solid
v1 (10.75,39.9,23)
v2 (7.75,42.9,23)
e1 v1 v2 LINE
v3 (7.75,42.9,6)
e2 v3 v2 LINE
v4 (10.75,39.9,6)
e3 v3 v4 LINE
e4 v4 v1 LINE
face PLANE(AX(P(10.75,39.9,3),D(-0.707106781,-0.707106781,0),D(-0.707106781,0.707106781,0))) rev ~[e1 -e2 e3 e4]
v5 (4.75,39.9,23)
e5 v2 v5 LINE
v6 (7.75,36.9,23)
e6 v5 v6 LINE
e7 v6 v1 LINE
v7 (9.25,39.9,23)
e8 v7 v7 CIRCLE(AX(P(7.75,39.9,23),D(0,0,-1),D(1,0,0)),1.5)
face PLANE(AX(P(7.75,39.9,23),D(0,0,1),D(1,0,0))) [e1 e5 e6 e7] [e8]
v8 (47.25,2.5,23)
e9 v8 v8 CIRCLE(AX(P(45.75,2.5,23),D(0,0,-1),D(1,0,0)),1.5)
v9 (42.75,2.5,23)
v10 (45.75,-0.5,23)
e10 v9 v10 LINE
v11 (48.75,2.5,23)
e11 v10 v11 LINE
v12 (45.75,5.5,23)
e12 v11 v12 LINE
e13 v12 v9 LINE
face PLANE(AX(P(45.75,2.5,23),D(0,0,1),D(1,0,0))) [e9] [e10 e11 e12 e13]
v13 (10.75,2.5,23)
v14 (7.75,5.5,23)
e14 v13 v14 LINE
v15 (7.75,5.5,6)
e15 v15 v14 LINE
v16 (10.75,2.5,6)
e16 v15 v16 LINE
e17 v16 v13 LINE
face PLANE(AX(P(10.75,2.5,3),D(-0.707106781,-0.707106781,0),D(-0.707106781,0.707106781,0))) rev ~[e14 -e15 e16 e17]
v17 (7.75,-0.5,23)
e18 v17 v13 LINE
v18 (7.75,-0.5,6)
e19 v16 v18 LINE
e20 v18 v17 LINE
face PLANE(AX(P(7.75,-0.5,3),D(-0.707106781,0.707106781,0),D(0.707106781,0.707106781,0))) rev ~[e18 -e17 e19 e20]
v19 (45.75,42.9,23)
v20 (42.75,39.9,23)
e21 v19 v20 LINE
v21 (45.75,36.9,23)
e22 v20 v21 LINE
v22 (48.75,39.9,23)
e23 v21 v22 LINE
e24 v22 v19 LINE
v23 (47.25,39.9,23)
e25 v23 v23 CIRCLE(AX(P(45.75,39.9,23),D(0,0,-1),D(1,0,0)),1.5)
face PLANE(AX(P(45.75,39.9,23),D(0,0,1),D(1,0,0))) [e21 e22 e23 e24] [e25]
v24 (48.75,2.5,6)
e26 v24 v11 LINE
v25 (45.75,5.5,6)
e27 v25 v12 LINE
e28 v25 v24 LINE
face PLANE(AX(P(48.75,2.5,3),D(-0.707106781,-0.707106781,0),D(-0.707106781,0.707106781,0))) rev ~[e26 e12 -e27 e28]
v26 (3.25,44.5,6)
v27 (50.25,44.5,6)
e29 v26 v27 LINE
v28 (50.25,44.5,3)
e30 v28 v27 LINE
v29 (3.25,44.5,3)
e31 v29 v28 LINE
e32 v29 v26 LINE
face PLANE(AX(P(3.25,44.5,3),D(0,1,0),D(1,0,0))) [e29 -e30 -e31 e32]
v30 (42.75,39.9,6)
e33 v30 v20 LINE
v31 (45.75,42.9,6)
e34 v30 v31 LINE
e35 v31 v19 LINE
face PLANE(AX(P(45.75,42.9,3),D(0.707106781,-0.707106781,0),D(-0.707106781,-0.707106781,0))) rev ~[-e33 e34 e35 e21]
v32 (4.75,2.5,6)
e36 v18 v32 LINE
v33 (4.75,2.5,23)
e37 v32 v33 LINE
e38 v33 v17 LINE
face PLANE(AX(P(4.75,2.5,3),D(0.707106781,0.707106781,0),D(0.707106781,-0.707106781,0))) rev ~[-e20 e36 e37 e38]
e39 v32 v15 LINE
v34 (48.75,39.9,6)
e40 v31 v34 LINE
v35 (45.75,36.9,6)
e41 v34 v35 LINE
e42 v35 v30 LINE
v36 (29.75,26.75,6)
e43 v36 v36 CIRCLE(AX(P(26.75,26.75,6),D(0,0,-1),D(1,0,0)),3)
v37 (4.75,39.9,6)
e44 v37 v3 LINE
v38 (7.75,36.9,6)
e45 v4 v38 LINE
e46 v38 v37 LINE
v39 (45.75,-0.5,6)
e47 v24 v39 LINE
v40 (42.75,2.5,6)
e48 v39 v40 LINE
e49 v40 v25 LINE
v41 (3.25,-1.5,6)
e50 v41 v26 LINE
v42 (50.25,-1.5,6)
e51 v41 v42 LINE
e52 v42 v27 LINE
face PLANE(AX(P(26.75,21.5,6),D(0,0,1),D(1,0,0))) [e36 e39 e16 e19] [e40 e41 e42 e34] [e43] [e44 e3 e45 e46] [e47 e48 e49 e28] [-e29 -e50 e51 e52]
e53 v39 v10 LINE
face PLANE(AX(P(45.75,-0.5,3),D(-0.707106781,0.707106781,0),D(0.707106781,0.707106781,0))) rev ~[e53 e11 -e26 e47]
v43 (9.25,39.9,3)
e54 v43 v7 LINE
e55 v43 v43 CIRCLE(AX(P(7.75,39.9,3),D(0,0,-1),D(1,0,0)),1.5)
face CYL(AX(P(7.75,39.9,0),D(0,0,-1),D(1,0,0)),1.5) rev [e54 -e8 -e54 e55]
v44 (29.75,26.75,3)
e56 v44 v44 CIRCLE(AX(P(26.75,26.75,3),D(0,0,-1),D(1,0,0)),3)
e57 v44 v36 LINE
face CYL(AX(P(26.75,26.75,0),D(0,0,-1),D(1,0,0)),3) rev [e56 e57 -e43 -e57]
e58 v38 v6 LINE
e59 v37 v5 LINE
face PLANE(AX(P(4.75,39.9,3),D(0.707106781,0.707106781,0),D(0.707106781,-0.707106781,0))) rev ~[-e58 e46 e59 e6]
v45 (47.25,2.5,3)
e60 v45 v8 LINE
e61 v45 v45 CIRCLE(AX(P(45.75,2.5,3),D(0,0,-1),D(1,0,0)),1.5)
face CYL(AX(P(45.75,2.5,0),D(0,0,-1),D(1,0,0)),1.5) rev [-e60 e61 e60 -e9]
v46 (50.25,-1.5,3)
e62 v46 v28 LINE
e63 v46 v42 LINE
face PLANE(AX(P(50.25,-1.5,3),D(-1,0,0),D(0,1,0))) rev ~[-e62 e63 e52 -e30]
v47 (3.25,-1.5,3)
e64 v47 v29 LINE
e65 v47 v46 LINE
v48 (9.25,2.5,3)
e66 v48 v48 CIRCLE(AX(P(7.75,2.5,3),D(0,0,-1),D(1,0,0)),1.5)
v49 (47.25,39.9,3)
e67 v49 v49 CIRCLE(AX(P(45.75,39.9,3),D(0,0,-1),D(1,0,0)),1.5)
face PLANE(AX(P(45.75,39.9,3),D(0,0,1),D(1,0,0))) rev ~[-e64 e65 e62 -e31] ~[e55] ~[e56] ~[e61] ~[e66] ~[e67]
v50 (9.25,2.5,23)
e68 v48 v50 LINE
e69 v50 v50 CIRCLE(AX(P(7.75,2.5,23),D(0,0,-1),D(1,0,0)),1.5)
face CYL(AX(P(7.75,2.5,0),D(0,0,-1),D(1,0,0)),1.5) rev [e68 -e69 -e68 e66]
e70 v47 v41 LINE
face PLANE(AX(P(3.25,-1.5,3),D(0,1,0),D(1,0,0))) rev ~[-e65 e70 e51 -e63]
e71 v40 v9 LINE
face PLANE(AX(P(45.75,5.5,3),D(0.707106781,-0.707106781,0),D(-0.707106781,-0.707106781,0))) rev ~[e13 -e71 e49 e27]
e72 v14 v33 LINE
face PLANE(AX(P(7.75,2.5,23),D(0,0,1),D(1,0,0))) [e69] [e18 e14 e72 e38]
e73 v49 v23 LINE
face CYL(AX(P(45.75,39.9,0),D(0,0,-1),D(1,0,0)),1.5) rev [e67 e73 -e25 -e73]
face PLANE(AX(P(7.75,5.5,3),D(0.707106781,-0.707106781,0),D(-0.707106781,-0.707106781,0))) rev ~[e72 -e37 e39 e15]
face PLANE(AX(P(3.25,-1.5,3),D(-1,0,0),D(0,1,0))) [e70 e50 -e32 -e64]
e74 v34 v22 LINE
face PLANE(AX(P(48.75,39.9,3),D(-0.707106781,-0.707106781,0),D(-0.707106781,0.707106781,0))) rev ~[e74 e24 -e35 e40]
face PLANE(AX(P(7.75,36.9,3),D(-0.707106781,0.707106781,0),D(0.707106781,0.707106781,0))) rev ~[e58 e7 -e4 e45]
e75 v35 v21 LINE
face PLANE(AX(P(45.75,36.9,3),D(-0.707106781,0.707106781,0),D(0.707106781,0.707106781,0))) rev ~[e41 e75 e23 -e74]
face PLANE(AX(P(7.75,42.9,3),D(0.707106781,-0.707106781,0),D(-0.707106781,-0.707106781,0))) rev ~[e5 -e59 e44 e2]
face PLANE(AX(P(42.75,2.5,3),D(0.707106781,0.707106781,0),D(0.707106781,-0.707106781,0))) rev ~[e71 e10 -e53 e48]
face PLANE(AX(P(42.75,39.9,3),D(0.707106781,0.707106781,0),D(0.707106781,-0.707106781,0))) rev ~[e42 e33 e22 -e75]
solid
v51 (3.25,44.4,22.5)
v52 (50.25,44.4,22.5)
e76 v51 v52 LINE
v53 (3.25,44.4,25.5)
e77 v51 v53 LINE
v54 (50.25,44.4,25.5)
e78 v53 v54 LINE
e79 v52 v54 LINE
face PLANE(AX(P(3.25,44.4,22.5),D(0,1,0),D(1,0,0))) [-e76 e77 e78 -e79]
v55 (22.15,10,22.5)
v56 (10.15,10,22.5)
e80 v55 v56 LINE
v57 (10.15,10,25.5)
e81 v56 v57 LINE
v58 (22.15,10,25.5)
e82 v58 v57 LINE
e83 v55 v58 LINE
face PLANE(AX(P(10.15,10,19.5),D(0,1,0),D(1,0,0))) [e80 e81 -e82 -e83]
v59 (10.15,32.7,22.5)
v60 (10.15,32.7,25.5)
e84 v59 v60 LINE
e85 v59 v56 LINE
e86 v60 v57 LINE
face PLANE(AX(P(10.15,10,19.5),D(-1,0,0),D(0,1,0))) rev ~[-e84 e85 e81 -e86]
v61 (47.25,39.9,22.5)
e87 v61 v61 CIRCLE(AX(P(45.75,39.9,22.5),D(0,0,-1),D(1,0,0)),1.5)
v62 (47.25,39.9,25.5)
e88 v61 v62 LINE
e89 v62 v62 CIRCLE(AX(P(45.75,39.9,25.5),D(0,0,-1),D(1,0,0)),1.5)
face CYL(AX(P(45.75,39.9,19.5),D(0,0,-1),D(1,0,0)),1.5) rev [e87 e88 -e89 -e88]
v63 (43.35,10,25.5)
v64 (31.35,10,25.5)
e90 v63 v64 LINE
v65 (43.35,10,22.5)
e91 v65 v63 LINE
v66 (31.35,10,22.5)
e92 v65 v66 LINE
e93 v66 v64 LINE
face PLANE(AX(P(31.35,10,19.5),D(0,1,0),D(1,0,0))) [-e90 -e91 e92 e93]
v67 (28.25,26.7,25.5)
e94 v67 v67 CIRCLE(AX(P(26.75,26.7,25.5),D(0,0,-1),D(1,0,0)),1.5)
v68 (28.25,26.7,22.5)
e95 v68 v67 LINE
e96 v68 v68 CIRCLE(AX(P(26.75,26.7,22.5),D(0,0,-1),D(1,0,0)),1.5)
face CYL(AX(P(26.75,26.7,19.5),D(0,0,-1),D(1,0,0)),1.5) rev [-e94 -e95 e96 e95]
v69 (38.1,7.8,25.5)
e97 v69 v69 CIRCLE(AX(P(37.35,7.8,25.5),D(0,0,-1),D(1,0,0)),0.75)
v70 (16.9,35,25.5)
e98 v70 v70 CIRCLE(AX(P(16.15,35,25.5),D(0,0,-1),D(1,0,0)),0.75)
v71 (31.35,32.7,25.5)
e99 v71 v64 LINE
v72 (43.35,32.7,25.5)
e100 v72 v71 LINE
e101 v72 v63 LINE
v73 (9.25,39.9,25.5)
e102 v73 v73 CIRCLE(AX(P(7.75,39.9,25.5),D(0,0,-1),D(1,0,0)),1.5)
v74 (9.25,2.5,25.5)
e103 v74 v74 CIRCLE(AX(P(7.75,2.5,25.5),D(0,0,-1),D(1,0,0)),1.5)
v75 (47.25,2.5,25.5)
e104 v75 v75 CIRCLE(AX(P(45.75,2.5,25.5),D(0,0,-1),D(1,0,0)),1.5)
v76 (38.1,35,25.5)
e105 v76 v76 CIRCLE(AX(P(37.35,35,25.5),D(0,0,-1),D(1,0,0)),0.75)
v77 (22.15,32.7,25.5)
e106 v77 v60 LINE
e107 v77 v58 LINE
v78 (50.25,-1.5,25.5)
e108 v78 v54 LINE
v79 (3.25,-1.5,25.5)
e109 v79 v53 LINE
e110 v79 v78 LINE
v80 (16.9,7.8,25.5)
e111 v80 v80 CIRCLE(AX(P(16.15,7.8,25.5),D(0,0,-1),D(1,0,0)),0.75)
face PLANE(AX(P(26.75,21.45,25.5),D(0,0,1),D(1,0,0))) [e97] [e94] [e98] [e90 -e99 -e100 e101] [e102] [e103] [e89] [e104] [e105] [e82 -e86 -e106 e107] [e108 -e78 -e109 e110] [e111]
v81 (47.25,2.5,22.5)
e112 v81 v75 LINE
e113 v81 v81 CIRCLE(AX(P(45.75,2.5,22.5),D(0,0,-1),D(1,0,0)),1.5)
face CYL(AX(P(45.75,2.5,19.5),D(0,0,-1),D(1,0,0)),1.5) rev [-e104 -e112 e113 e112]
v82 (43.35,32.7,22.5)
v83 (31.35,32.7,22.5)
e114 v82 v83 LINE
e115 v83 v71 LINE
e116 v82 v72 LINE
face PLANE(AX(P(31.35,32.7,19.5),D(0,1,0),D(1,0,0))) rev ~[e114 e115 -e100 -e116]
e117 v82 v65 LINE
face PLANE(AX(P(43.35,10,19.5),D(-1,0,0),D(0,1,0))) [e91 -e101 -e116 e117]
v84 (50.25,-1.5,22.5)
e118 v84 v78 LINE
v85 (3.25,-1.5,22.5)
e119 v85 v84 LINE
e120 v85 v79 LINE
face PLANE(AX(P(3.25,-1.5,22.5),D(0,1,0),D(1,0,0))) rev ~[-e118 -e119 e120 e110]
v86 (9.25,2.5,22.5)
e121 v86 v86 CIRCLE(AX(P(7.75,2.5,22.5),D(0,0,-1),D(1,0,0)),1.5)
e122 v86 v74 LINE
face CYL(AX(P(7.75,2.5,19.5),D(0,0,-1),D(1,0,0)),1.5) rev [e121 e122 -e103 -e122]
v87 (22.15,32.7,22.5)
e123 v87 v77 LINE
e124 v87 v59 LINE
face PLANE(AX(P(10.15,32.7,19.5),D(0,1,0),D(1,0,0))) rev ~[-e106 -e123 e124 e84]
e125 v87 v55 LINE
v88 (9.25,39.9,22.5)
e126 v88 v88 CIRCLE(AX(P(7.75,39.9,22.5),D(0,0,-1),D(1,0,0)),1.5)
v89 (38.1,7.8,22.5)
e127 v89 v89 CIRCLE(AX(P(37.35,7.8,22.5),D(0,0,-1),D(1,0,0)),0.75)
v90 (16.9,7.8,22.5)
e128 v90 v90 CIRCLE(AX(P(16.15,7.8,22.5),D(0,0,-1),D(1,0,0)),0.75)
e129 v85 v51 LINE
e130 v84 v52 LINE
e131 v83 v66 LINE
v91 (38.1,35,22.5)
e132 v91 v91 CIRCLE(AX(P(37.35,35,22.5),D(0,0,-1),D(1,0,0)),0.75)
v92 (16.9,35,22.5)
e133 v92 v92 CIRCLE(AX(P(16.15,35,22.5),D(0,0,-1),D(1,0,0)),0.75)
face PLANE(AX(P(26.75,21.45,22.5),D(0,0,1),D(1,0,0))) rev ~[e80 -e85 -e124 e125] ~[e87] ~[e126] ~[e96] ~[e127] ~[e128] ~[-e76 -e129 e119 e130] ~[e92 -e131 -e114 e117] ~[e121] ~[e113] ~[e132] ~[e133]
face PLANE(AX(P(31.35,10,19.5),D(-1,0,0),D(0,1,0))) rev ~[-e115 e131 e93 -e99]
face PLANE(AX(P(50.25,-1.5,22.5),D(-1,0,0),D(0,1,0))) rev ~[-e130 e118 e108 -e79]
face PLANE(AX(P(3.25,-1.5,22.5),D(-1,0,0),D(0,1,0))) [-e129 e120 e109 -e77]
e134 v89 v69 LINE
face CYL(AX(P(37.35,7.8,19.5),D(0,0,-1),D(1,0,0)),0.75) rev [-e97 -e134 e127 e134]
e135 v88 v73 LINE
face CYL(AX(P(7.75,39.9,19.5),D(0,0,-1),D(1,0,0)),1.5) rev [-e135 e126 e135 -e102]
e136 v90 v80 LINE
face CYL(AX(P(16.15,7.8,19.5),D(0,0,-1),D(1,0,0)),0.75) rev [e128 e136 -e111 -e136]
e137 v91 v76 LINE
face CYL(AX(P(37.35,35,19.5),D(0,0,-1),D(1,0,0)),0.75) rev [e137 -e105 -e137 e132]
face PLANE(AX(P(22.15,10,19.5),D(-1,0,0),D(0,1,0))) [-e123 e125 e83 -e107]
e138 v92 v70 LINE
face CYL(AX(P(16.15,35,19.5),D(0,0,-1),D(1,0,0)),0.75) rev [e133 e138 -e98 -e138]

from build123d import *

# Parameters (mm, degrees)
CYLINDER003_R     = 1.5
CYLINDER003_DEPTH = 27
ARRAY002_X_COUNT  = 2
ARRAY002_X_PITCH  = 38
ARRAY002_Y_COUNT  = 2
ARRAY002_Y_PITCH  = 37.4
CYLINDER002_R     = 3
CYLINDER002_DEPTH = 10
PRISM_DEPTH       = 20
ARRAY003_X_COUNT  = 2
ARRAY003_X_PITCH  = 38
ARRAY003_Y_COUNT  = 2
ARRAY003_Y_PITCH  = 37.4
BOX001_W          = 47
BOX001_H          = 46
BOX001_DEPTH      = 3
CYLINDER006_R     = 0.75
CYLINDER006_DEPTH = 10
ARRAY006_X_COUNT  = 2
ARRAY006_X_PITCH  = 21.2
ARRAY006_Y_COUNT  = 2
ARRAY006_Y_PITCH  = 27.2
BOX003_W          = 12
BOX003_H          = 22.7
BOX003_DEPTH      = 10
ARRAY004_X_COUNT  = 2
ARRAY004_X_PITCH  = 21.2
CYLINDER004_R     = 1.5
CYLINDER004_DEPTH = 10
ARRAY005_X_COUNT  = 2
ARRAY005_X_PITCH  = 38
ARRAY005_Y_COUNT  = 2
ARRAY005_Y_PITCH  = 37.4
CYLINDER005_R     = 1.5
CYLINDER005_DEPTH = 10
BOX002_W          = 47
BOX002_H          = 45.9
BOX002_DEPTH      = 3


with BuildPart() as array002:
    # Cylinder003 → Cylinder003 (new body)
    with BuildSketch(Plane(origin=(7.75, 2.5, 0), x_dir=(1, 0, 0), z_dir=(0, 0, 1))):
        Circle(CYLINDER003_R)
    extrude(amount=CYLINDER003_DEPTH)

    # Array002 X: Array002 ×2


with BuildPart() as array002_1:
    add(array002.part)
    with Locations(*[(i * ARRAY002_X_PITCH, 0, 0) for i in range(1, ARRAY002_X_COUNT)]):
        add(array002.part)

    # Array002 Y: Array002 ×2


with BuildPart() as array002_2:
    add(array002_1.part)
    with Locations(*[(0, i * ARRAY002_Y_PITCH, 0) for i in range(1, ARRAY002_Y_COUNT)]):
        add(array002_1.part)


with BuildPart() as fusion002:
    # Cylinder002 → Cylinder002 (new body)
    with BuildSketch(Plane(origin=(26.75, 26.75, 0), x_dir=(1, 0, 0), z_dir=(0, 0, 1))):
        Circle(CYLINDER002_R)
    extrude(amount=CYLINDER002_DEPTH)

    # Fusion002: union Array002
    add(array002_2.part)


with BuildPart() as array_columnas:
    # Prism → Prism (new body)
    with BuildSketch(Plane(origin=(7.75, 2.5, 3), x_dir=(1, 0, 0), z_dir=(0, 0, 1))):
        Polygon((3, 0), (0, 3), (-3, 0), (0, -3), align=None)
    extrude(amount=PRISM_DEPTH)

    # Array003 X: Array columnas ×2


with BuildPart() as array_columnas_1:
    add(array_columnas.part)
    with Locations(*[(i * ARRAY003_X_PITCH, 0, 0) for i in range(1, ARRAY003_X_COUNT)]):
        add(array_columnas.part)

    # Array003 Y: Array columnas ×2


with BuildPart() as array_columnas_2:
    add(array_columnas_1.part)
    with Locations(*[(0, i * ARRAY003_Y_PITCH, 0) for i in range(1, ARRAY003_Y_COUNT)]):
        add(array_columnas_1.part)


with BuildPart() as top_plate_final:
    # Box001 → Box001 (new body)
    with BuildSketch(Plane(origin=(3.25, -1.5, 3), x_dir=(1, 0, 0), z_dir=(0, 0, 1))):
        with Locations((23.5, 23)):
            Rectangle(BOX001_W, BOX001_H)
    extrude(amount=BOX001_DEPTH)

    # Fusion001: union Array columnas
    add(array_columnas_2.part)

    # Cut001: cut Fusion002
    add(fusion002.part, mode=Mode.SUBTRACT)


with BuildPart() as array006:
    # Cylinder006 → Cylinder006 (new body)
    with BuildSketch(Plane(origin=(16.15, 7.8, 19.5), x_dir=(1, 0, 0), z_dir=(0, 0, 1))):
        Circle(CYLINDER006_R)
    extrude(amount=CYLINDER006_DEPTH)

    # Array006 X: Array006 ×2


with BuildPart() as array006_1:
    add(array006.part)
    with Locations(*[(i * ARRAY006_X_PITCH, 0, 0) for i in range(1, ARRAY006_X_COUNT)]):
        add(array006.part)

    # Array006 Y: Array006 ×2


with BuildPart() as array006_2:
    add(array006_1.part)
    with Locations(*[(0, i * ARRAY006_Y_PITCH, 0) for i in range(1, ARRAY006_Y_COUNT)]):
        add(array006_1.part)


with BuildPart() as array_taladro_servomotor:
    # Box003 → Box003 (new body)
    with BuildSketch(Plane(origin=(10.15, 10, 19.5), x_dir=(1, 0, 0), z_dir=(0, 0, 1))):
        with Locations((6, 11.35)):
            Rectangle(BOX003_W, BOX003_H)
    extrude(amount=BOX003_DEPTH)

    # Array004 X: Array taladro servomotor ×2


with BuildPart() as array_taladro_servomotor_1:
    add(array_taladro_servomotor.part)
    with Locations(*[(i * ARRAY004_X_PITCH, 0, 0) for i in range(1, ARRAY004_X_COUNT)]):
        add(array_taladro_servomotor.part)


with BuildPart() as array005:
    # Cylinder004 → Cylinder004 (new body)
    with BuildSketch(Plane(origin=(7.75, 2.5, 19.5), x_dir=(1, 0, 0), z_dir=(0, 0, 1))):
        Circle(CYLINDER004_R)
    extrude(amount=CYLINDER004_DEPTH)

    # Array005 X: Array005 ×2


with BuildPart() as array005_1:
    add(array005.part)
    with Locations(*[(i * ARRAY005_X_PITCH, 0, 0) for i in range(1, ARRAY005_X_COUNT)]):
        add(array005.part)

    # Array005 Y: Array005 ×2


with BuildPart() as array005_2:
    add(array005_1.part)
    with Locations(*[(0, i * ARRAY005_Y_PITCH, 0) for i in range(1, ARRAY005_Y_COUNT)]):
        add(array005_1.part)


with BuildPart() as fusion003:
    # Cylinder005 → Cylinder005 (new body)
    with BuildSketch(Plane(origin=(26.75, 26.7, 19.5), x_dir=(1, 0, 0), z_dir=(0, 0, 1))):
        Circle(CYLINDER005_R)
    extrude(amount=CYLINDER005_DEPTH)

    # Fusion003: union Array006, Array taladro servomotor, Array005
    add(array006_2.part)
    add(array_taladro_servomotor_1.part)
    add(array005_2.part)


with BuildPart() as base_final:
    # Box002 → Box002 (new body)
    with BuildSketch(Plane(origin=(3.25, -1.5, 22.5), x_dir=(1, 0, 0), z_dir=(0, 0, 1))):
        with Locations((23.5, 22.95)):
            Rectangle(BOX002_W, BOX002_H)
    extrude(amount=BOX002_DEPTH)

    # Cut002: cut Fusion003
    add(fusion003.part, mode=Mode.SUBTRACT)


solid = Compound([top_plate_final.part, base_final.part])
